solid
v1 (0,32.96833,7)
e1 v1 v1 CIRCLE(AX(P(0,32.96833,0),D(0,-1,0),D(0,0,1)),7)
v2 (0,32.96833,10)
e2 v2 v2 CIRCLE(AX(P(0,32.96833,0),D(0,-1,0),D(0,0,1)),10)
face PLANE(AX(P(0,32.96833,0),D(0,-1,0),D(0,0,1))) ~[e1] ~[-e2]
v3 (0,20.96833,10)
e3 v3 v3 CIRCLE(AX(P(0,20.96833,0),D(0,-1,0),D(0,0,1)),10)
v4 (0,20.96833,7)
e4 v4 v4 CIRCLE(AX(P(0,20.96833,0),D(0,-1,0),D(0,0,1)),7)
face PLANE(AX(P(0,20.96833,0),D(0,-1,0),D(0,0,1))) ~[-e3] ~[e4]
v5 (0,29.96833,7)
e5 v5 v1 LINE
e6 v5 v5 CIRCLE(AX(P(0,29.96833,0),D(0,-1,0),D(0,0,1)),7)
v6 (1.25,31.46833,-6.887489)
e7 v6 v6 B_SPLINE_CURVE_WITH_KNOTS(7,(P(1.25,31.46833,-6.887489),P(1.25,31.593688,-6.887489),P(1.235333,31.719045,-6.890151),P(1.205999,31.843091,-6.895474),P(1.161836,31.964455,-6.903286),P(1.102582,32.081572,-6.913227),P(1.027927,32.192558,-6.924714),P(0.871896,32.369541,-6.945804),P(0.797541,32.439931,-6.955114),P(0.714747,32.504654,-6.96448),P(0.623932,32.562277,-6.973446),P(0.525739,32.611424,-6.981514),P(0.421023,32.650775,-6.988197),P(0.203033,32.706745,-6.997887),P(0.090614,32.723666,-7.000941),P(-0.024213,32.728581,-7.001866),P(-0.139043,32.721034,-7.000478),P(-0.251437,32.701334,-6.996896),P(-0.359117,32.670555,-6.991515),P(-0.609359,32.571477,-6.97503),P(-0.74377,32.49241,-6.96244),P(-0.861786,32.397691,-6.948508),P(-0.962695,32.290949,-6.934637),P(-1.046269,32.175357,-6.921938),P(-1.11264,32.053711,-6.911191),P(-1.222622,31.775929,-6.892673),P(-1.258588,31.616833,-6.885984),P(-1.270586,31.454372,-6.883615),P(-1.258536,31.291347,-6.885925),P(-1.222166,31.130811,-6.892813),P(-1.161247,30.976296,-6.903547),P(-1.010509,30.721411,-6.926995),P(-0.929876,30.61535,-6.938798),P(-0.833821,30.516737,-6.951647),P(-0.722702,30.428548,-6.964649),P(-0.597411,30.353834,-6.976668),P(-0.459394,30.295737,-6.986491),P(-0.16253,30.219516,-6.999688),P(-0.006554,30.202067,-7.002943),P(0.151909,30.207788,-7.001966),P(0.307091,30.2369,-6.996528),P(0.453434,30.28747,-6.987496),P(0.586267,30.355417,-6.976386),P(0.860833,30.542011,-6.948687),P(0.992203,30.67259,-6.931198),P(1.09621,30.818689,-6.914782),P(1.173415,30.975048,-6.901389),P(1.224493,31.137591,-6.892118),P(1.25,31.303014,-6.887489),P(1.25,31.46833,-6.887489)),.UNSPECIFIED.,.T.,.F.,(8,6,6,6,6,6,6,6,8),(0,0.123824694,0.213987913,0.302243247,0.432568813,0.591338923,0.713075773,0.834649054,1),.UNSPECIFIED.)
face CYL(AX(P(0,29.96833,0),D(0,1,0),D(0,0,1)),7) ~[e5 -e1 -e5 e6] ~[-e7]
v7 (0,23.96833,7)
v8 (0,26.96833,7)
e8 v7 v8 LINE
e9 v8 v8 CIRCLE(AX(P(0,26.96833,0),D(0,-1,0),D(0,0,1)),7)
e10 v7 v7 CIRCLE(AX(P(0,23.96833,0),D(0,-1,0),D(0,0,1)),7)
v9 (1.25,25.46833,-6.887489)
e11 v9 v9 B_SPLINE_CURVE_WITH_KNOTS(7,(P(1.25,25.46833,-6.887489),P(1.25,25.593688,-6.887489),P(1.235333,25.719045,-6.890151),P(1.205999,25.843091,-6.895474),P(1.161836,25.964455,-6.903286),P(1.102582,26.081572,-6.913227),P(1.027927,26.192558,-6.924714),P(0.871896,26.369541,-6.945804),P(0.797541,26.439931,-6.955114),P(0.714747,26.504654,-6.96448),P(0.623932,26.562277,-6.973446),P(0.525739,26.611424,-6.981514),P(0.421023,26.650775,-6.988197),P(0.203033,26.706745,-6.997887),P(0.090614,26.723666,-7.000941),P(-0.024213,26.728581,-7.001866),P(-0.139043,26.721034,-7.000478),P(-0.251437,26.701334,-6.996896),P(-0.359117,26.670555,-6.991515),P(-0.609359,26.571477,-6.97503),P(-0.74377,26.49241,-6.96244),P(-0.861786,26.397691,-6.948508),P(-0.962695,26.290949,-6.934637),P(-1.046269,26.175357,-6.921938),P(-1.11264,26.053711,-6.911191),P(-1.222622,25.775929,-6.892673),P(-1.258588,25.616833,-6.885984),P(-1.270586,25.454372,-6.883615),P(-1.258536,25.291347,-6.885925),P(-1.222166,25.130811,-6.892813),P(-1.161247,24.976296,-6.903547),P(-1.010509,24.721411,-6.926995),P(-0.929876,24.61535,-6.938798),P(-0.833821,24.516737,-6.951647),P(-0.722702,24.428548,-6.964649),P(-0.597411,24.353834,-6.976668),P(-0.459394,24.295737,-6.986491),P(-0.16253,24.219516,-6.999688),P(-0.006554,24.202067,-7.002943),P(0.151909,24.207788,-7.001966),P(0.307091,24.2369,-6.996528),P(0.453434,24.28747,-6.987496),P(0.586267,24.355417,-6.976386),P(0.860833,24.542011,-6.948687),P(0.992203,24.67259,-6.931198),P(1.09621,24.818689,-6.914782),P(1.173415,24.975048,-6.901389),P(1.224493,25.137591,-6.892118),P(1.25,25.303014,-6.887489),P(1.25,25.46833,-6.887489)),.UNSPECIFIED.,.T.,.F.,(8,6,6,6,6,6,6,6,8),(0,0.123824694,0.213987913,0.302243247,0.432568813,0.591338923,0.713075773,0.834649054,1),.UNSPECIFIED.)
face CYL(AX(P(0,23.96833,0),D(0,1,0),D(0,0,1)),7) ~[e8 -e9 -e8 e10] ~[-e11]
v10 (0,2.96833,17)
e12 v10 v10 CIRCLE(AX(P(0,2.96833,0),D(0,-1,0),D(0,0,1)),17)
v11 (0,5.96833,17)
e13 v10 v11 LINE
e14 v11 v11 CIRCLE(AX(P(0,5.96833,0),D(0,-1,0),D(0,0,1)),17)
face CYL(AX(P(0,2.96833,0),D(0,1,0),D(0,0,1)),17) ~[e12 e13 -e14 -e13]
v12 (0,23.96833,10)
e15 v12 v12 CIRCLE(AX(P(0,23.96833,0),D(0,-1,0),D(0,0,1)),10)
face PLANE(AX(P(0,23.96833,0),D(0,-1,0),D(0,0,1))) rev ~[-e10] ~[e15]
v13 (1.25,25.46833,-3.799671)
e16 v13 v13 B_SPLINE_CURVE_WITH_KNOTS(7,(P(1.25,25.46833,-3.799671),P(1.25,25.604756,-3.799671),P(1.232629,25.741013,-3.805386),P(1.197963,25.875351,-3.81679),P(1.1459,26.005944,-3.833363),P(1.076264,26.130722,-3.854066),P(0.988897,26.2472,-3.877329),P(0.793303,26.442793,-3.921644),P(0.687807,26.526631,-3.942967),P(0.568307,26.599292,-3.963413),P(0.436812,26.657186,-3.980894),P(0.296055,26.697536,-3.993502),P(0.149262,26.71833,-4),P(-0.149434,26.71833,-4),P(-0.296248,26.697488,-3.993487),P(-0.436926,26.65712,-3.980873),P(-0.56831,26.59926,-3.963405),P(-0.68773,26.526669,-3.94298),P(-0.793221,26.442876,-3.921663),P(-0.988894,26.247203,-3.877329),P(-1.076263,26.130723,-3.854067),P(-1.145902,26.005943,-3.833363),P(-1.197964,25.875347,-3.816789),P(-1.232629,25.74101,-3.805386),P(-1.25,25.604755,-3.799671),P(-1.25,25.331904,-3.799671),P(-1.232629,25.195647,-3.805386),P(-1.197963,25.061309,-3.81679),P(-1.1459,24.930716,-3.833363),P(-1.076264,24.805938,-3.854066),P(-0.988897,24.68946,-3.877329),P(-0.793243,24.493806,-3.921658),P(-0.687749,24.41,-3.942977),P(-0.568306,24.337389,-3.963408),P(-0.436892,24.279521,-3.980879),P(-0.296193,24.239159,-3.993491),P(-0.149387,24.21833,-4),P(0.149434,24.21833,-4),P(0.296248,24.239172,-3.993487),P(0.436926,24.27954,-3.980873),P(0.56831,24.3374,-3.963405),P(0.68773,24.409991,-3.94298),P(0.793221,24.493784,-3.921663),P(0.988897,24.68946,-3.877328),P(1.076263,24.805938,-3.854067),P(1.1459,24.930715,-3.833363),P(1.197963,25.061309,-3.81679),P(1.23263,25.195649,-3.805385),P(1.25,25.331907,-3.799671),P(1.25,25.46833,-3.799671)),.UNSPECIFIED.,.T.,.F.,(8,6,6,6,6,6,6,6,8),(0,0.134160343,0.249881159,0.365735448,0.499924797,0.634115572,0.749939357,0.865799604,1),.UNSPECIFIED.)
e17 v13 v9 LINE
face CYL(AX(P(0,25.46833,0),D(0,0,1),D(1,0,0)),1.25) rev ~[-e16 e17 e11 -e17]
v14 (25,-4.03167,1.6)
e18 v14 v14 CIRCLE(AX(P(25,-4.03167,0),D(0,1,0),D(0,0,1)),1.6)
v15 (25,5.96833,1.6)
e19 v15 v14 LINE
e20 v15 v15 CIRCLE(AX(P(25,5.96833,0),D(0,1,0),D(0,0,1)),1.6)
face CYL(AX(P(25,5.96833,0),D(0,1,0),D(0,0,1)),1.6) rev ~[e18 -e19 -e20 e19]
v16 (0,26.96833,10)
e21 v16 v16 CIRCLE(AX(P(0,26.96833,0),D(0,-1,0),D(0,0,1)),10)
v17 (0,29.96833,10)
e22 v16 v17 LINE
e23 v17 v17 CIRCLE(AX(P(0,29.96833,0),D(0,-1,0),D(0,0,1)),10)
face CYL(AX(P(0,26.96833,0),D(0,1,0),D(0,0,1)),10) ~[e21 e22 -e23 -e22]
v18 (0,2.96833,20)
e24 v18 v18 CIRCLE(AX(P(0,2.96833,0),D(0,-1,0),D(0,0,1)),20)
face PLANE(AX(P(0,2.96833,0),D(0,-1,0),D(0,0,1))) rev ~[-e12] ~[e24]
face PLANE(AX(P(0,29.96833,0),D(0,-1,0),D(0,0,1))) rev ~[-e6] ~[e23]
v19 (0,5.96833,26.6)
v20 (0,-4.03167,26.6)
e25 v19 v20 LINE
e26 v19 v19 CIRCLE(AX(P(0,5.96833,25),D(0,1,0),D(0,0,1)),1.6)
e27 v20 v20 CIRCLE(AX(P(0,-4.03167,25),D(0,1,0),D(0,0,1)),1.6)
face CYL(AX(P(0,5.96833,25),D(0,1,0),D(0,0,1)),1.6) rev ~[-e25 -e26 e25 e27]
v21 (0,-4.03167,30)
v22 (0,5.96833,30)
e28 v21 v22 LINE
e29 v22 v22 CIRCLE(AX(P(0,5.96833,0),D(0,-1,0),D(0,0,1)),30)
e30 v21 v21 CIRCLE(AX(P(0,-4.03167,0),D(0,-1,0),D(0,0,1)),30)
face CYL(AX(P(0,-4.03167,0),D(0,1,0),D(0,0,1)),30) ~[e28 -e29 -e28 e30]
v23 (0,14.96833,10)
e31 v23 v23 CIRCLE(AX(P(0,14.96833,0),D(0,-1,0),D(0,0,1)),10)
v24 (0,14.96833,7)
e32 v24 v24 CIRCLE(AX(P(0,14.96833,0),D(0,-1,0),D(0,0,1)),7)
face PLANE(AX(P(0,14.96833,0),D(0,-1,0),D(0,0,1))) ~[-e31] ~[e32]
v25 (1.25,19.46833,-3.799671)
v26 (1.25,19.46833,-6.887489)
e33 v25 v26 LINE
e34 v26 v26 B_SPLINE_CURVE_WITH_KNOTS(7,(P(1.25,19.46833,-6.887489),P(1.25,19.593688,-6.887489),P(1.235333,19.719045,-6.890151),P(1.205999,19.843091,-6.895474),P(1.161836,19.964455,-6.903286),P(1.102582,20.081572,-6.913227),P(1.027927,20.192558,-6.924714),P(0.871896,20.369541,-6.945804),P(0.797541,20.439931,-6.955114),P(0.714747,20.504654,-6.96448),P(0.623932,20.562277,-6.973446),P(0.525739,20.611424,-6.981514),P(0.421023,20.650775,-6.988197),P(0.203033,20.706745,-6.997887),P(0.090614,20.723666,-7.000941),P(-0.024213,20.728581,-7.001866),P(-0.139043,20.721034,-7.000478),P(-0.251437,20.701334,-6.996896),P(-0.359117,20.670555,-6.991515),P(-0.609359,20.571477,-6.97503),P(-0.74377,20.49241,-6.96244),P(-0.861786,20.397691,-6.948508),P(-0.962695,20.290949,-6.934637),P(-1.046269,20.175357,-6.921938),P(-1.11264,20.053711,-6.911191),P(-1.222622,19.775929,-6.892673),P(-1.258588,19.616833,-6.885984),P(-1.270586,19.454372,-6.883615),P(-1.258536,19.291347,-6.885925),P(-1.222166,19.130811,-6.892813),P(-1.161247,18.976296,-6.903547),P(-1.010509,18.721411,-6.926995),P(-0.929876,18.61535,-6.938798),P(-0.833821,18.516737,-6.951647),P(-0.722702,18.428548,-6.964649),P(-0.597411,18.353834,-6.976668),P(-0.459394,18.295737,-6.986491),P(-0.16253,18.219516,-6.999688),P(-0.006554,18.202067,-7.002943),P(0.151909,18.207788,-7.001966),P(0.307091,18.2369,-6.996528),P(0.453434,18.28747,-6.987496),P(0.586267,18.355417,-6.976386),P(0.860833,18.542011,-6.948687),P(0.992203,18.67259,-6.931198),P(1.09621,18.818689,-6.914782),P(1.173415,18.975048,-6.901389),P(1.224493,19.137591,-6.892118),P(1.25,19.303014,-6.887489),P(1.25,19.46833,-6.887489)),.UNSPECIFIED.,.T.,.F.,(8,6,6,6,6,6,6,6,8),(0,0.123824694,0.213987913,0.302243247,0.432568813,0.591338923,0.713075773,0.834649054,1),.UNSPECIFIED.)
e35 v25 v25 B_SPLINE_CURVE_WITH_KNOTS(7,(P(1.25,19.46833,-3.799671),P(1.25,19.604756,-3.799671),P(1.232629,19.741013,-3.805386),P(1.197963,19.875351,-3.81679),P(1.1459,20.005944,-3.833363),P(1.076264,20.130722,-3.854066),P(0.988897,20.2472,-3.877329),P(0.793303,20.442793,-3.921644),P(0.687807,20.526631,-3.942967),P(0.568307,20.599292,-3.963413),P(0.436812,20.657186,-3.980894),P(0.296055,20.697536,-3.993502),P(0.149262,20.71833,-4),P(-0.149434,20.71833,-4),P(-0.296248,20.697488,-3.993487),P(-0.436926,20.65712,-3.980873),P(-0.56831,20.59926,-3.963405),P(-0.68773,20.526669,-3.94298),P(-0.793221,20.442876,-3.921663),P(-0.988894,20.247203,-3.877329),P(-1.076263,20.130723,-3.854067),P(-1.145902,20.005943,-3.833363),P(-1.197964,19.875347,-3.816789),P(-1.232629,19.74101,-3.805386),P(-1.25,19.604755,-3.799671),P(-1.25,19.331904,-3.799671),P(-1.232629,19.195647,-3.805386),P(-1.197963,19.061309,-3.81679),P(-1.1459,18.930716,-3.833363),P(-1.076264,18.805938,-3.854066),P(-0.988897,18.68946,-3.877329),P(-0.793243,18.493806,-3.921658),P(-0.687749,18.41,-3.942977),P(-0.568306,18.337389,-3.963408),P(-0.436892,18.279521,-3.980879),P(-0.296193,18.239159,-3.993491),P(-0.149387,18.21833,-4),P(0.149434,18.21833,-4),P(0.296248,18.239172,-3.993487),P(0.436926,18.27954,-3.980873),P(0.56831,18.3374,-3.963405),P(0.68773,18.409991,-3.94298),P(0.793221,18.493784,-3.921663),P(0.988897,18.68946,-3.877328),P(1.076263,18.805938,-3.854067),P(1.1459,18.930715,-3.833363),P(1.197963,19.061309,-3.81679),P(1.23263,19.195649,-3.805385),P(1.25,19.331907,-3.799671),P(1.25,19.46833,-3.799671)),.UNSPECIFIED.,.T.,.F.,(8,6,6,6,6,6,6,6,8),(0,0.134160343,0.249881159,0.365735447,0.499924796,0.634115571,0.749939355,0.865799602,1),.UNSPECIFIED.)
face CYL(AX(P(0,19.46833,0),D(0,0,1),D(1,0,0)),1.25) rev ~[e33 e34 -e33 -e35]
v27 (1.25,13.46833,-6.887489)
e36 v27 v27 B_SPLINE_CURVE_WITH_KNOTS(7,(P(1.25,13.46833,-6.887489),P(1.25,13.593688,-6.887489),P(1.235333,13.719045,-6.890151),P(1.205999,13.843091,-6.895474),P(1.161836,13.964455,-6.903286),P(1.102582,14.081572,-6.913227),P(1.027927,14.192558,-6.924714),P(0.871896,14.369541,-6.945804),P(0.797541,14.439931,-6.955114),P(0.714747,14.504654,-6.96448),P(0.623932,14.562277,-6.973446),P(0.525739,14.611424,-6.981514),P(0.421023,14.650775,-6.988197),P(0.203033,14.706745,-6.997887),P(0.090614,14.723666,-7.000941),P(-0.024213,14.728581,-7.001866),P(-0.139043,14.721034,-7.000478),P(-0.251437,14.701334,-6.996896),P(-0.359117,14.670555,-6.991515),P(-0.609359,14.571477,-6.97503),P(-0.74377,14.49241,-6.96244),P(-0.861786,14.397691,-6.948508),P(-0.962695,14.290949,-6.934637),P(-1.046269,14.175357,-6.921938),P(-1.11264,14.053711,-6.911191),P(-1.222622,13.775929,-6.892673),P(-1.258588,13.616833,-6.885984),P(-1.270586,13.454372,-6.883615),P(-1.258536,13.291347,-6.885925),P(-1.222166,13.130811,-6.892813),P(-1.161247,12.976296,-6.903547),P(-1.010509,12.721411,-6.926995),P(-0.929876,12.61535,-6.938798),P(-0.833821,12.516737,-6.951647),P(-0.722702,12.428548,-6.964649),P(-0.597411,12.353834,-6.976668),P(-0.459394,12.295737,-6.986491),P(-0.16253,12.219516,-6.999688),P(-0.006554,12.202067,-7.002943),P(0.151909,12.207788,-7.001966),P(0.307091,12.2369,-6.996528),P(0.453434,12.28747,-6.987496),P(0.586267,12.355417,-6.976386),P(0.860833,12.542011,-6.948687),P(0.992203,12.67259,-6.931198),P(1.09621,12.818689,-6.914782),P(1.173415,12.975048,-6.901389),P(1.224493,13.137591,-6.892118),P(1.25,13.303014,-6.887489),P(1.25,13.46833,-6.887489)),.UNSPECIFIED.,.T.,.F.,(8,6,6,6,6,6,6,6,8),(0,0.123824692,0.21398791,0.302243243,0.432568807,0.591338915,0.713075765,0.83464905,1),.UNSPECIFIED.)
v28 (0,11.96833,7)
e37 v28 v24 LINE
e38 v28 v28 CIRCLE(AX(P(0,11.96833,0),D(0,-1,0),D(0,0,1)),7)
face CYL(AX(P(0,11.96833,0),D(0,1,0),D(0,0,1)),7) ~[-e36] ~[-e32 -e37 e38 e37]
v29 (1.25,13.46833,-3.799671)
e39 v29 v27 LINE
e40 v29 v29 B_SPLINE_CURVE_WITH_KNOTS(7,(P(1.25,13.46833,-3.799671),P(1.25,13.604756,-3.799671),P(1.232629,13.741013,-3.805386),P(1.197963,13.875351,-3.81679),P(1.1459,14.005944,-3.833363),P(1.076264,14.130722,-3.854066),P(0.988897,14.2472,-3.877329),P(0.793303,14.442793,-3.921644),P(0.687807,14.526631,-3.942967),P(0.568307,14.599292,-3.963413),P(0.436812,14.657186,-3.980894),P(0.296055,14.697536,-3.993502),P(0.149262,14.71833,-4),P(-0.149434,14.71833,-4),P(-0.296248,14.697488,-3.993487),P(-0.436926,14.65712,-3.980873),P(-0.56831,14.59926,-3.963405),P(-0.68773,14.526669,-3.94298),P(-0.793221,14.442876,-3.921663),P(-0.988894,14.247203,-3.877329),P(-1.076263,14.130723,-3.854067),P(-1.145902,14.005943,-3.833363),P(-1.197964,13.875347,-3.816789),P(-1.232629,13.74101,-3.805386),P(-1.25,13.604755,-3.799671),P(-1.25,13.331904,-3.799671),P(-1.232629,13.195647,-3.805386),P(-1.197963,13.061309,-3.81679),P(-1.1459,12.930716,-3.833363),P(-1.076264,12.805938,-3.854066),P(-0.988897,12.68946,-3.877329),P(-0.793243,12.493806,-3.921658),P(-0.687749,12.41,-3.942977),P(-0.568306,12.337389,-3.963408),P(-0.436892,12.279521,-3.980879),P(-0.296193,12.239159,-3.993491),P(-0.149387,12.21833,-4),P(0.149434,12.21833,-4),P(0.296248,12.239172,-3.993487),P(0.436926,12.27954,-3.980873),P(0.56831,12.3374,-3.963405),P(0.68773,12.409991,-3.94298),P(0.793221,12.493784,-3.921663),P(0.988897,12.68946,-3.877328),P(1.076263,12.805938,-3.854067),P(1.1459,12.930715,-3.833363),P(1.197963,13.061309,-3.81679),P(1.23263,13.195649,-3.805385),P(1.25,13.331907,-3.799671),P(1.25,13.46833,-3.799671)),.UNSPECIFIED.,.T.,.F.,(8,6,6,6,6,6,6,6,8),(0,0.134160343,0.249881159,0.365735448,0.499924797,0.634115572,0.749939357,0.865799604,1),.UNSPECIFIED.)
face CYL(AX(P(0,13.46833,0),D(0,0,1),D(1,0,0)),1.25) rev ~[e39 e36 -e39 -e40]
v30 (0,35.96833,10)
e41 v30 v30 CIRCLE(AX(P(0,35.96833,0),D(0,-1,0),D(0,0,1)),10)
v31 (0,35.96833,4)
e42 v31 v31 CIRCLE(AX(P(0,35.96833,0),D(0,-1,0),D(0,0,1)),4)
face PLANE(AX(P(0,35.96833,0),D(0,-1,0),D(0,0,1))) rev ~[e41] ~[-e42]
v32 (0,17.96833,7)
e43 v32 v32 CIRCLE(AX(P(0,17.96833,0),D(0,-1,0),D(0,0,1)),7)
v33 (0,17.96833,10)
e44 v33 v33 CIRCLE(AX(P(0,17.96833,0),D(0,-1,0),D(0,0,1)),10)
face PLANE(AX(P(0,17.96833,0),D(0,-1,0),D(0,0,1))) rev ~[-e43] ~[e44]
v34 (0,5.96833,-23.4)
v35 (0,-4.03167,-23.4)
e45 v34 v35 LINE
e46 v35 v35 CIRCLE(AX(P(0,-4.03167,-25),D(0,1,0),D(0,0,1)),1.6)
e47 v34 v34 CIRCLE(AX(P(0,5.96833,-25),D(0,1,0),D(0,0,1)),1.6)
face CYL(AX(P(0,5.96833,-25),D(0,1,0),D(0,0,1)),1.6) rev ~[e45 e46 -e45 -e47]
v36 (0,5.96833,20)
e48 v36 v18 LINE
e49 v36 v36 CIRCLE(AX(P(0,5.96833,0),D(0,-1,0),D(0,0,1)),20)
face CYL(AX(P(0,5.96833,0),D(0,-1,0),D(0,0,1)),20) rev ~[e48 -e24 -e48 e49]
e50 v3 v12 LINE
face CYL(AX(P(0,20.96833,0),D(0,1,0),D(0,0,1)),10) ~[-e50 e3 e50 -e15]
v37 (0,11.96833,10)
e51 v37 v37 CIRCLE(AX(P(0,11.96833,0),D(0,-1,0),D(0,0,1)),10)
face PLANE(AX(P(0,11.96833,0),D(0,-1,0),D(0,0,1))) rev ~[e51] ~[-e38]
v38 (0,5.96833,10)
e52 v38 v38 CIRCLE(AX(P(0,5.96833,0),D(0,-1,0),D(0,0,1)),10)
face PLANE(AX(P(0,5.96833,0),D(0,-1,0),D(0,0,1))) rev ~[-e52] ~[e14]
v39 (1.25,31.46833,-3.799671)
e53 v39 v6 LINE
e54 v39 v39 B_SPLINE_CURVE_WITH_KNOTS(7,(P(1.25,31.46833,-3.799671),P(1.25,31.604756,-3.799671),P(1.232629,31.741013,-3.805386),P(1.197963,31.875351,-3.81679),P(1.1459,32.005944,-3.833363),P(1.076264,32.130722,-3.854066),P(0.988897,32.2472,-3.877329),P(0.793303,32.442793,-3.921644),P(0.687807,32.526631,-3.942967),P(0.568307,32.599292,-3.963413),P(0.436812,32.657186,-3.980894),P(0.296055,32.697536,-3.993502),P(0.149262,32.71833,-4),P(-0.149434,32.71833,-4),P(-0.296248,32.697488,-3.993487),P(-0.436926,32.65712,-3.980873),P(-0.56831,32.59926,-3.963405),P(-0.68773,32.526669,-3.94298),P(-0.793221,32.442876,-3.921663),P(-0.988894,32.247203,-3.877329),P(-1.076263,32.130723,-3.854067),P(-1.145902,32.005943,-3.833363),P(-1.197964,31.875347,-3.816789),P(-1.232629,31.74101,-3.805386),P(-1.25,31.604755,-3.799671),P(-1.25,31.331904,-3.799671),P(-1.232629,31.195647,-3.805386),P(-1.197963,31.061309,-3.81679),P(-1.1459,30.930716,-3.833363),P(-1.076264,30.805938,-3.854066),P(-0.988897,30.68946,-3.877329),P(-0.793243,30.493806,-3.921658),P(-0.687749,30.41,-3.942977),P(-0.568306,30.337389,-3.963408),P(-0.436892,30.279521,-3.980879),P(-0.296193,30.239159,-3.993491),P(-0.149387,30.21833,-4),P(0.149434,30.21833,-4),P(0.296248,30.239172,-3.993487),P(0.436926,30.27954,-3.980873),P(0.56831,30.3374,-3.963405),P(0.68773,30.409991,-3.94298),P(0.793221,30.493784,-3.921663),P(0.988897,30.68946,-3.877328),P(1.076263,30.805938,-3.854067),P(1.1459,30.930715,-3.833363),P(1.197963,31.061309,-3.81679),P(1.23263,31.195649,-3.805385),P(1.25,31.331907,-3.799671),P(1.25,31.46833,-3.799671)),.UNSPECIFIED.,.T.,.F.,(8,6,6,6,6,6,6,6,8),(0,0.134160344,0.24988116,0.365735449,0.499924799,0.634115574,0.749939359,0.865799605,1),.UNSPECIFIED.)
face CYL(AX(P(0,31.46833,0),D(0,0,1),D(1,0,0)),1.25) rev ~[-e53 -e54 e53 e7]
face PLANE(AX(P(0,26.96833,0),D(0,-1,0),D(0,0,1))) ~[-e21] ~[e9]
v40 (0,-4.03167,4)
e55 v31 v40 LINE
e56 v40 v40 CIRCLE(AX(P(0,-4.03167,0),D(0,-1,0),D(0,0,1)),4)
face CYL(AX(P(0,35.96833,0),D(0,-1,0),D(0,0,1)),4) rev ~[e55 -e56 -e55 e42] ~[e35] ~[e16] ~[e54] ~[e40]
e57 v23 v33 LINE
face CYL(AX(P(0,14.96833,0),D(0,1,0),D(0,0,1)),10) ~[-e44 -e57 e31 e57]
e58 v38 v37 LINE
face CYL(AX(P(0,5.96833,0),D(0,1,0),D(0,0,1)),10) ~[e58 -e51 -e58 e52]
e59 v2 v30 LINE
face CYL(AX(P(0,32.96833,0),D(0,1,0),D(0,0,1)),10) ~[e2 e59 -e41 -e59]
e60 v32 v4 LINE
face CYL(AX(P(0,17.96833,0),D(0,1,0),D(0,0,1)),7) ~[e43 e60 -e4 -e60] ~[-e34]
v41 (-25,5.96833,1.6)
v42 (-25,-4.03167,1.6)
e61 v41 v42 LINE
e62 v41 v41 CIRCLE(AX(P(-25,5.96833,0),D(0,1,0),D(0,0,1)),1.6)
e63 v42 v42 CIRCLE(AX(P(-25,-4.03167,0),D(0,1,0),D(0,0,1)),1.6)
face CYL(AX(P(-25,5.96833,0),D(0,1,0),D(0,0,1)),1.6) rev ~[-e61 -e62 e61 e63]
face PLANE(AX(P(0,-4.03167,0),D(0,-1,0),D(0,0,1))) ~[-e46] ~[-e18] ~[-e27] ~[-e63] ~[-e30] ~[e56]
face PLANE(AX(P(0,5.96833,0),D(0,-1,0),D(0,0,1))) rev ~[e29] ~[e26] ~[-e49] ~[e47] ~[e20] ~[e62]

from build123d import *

# Parameters (mm, degrees)
SKETCH5_R          = 1.6
CUT_EXTRUDE2_DEPTH = 10
SKETCH8_R          = 1.25
CUT_EXTRUDE3_DEPTH = 10


with BuildPart() as part:
    # Sketch2 → Revolve1 (revolve)
    with BuildSketch(Plane.XY, mode=Mode.PRIVATE) as revolve1_sk:
        Polygon((4, 35.968329977), (4, -4.031670023), (30, -4.031670023), (30, 5.968329977), (20, 5.968329977), (20, 2.968329977), (17, 2.968329977), (17, 5.968329977), (10, 5.968329977), (10, 11.968329977), (7, 11.968329977), (7, 14.968329977), (10, 14.968329977), (10, 17.968329977), (7, 17.968329977), (7, 20.968329977), (10, 20.968329977), (10, 23.968329977), (7, 23.968329977), (7, 26.968329977), (10, 26.968329977), (10, 29.968329977), (7, 29.968329977), (7, 32.968329977), (10, 32.968329977), (10, 35.968329977), align=None)
    revolve(revolve1_sk.sketch.rotate(Axis((0, 37.555974624, 0), (0, -1, 0)), 90), axis=Axis((0, 37.555974624, 0), (0, -1, 0)))

    # Sketch5 → Cut-Extrude2 (cut)
    with BuildSketch(Plane(origin=(0, 5.968329977, 0), x_dir=(1, 0, 0), z_dir=(0, 1, 0))):
        with Locations(Location((-25, 0, 0), (0, 0, 270))):
            Circle(SKETCH5_R)
        with Locations(Location((0, 25, 0), (0, 0, 270))):
            Circle(SKETCH5_R)
        with Locations(Location((25, 0, 0), (0, 0, 270))):
            Circle(SKETCH5_R)
        with Locations(Location((0, -25, 0), (0, 0, 270))):
            Circle(SKETCH5_R)
    extrude(amount=-CUT_EXTRUDE2_DEPTH, mode=Mode.SUBTRACT)

    # Sketch8 → Cut-Extrude3 (cut)
    with BuildSketch(Plane.XY):
        with Locations((0, 31.468329977)):
            Circle(SKETCH8_R)
        with Locations((0, 25.468329977)):
            Circle(SKETCH8_R)
        with Locations((0, 19.468329977)):
            Circle(SKETCH8_R)
        with Locations((0, 13.468329977)):
            Circle(SKETCH8_R)
    extrude(amount=-CUT_EXTRUDE3_DEPTH, mode=Mode.SUBTRACT)


solid = part.part
